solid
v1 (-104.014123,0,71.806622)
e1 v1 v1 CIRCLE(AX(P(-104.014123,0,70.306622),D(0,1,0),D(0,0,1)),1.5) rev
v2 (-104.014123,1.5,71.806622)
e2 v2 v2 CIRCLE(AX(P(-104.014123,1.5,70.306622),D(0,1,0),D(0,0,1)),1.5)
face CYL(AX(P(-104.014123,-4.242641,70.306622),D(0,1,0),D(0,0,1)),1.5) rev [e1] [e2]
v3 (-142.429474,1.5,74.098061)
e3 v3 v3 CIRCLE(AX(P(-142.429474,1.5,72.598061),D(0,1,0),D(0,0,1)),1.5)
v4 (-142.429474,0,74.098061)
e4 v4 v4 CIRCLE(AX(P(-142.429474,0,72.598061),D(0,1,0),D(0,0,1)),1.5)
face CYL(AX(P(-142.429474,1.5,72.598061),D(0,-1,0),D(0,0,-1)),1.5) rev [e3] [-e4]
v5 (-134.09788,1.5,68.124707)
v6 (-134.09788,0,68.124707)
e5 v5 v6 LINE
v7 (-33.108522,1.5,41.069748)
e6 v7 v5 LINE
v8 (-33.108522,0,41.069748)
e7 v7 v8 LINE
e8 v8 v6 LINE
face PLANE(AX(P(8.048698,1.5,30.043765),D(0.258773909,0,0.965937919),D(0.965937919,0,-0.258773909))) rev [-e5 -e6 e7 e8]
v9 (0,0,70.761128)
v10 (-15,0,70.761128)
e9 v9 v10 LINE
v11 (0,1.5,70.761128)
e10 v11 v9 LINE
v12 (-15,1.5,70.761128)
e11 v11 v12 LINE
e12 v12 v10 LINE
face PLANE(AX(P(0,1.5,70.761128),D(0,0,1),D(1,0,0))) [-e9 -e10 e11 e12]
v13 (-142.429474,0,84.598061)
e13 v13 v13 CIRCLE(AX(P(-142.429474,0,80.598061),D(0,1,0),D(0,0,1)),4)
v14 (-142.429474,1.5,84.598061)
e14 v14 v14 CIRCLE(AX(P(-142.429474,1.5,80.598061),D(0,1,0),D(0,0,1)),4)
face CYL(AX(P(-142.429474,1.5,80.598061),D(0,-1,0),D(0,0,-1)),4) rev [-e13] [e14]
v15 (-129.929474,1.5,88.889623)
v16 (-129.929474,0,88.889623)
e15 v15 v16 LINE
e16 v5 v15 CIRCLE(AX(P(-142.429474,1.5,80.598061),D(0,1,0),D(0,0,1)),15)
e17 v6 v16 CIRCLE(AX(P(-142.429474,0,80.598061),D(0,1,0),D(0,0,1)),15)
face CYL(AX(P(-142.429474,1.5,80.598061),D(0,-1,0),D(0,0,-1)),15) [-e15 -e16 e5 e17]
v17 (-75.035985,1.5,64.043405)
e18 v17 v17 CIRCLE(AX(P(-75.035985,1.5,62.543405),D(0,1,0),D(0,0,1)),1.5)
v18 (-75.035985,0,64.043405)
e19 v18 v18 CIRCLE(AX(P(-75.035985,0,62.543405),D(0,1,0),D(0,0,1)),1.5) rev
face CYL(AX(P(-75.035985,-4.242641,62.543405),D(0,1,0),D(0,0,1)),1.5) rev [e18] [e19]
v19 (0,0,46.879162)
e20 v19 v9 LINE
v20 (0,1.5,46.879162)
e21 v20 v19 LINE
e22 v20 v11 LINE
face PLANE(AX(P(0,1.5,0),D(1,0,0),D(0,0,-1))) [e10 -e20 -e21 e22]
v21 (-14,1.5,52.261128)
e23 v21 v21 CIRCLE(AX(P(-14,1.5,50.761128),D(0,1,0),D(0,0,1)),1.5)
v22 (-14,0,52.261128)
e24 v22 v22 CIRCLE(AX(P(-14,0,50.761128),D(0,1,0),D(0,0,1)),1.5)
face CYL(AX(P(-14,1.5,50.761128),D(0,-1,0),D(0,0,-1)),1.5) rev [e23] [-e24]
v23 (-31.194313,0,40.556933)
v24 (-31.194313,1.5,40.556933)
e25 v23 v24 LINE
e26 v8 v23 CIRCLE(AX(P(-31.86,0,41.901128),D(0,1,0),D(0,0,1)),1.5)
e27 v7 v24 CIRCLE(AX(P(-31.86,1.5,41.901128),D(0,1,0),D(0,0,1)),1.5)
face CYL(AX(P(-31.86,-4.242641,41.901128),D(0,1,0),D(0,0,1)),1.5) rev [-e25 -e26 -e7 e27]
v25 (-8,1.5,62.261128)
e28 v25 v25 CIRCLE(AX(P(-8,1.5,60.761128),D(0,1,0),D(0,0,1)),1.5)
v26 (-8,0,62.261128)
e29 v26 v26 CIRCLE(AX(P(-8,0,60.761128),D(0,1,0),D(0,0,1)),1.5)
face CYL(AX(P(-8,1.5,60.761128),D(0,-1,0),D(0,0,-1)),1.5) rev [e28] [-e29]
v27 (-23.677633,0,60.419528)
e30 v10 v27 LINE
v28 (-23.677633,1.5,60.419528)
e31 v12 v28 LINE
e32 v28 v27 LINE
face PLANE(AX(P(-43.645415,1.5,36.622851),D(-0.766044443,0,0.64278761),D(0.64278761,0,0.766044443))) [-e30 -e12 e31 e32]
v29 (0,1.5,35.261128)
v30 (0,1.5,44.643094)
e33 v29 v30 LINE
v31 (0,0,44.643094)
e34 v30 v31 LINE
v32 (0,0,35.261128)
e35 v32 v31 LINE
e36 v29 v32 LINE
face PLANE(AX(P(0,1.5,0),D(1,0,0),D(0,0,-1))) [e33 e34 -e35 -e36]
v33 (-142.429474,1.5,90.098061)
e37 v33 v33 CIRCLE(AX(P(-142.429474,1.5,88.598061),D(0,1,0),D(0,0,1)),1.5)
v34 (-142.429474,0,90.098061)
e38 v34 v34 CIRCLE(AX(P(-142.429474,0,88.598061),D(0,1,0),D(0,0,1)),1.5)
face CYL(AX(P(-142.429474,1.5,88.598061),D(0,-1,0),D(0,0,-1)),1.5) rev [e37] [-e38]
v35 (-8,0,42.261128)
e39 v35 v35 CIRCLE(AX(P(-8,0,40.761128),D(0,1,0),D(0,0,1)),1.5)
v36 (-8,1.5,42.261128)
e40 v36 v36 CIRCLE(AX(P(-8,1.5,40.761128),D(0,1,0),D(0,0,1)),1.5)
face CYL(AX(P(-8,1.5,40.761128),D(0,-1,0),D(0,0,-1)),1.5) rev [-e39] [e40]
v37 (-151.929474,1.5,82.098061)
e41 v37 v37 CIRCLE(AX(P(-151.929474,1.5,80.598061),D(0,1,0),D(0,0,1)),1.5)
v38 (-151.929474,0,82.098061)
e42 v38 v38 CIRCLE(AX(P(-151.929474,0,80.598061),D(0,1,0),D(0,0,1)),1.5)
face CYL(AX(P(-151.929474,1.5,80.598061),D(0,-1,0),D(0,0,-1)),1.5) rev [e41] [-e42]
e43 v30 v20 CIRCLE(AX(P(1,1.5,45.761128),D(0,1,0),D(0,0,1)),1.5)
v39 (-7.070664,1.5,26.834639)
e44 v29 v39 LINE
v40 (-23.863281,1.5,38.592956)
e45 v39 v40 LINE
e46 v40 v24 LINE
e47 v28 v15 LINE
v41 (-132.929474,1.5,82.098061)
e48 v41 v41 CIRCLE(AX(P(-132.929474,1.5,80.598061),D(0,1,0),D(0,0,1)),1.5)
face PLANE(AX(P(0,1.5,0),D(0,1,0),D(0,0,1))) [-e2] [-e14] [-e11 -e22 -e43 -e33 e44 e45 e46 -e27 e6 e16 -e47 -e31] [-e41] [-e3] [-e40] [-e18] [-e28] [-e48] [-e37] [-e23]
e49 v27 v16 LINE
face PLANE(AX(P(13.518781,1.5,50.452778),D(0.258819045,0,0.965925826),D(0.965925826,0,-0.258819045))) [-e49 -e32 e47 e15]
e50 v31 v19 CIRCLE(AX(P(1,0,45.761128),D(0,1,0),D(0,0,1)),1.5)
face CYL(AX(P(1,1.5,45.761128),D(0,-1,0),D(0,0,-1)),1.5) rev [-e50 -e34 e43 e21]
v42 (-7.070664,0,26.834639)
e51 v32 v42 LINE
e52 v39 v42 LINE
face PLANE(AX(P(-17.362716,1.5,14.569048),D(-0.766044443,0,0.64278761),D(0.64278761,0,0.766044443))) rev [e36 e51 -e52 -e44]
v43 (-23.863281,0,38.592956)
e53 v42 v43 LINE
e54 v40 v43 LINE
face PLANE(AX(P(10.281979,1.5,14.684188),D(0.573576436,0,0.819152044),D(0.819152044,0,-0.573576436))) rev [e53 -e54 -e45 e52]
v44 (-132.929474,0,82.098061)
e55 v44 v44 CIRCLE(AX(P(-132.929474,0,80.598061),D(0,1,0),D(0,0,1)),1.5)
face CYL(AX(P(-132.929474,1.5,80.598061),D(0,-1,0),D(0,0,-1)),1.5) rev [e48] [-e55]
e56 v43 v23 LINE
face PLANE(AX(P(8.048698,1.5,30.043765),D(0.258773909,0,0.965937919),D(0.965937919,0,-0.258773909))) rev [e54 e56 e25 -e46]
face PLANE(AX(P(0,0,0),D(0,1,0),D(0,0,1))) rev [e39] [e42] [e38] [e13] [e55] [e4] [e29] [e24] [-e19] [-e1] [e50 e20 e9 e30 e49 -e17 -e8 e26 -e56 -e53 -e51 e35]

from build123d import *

# Parameters (mm, degrees)
SKETCH2_R           = 4
SKETCH2_R_2         = 1.5
BOSS_EXTRUDE1_DEPTH = 1.5
SKETCH6_R           = 1.5
CUT_EXTRUDE1_DEPTH  = 1.5
SKETCH7_R           = 1.5
CUT_EXTRUDE2_DEPTH  = 1.5


with BuildPart() as part:
    # Sketch2 → Boss-Extrude1 (new body)
    with BuildSketch(Plane(origin=(0, 0, 0), x_dir=(1, 0, 0), z_dir=(0, 1, 0))):
        with BuildLine():
            Line((0, -35.261127532), (0, -44.643093543))
            ThreePointArc((0, -44.643093543), (-0.5, -45.761127532), (0, -46.879161521))
            Line((0, -46.879161521), (0, -70.761127532))
            Line((0, -70.761127532), (-15, -70.761127532))
            Line((-15, -70.761127532), (-23.677632731, -60.41952755))
            Line((-23.677632731, -60.41952755), (-129.929473623, -88.889622511))
            ThreePointArc((-129.929473623, -88.889622511), (-157.136079306, -83.55030532), (-134.097880355, -68.124706791))
            Line((-134.097880355, -68.124706791), (-23.863280614, -38.592955603))
            Line((-23.863280614, -38.592955603), (-7.070663707, -26.834638658))
            Line((-7.070663707, -26.834638658), (0, -35.261127532))
        make_face()
        with Locations(Location((-142.429473623, -80.598060535, 0), (0, 0, 270))):
            Circle(SKETCH2_R, mode=Mode.SUBTRACT)
        with Locations(Location((-8, -60.761127532, 0), (0, 0, 270))):
            Circle(SKETCH2_R_2, mode=Mode.SUBTRACT)
        with Locations(Location((-14, -50.761127532, 0), (0, 0, 270))):
            Circle(SKETCH2_R_2, mode=Mode.SUBTRACT)
        with Locations(Location((-8, -40.761127532, 0), (0, 0, 270))):
            Circle(SKETCH2_R_2, mode=Mode.SUBTRACT)
        with Locations(Location((-142.429473623, -72.598060535, 0), (0, 0, 270))):
            Circle(SKETCH2_R_2, mode=Mode.SUBTRACT)
        with Locations(Location((-132.929473623, -80.598060535, 0), (0, 0, 270))):
            Circle(SKETCH2_R_2, mode=Mode.SUBTRACT)
        with Locations(Location((-151.929473623, -80.598060535, 0), (0, 0, 270))):
            Circle(SKETCH2_R_2, mode=Mode.SUBTRACT)
        with Locations(Location((-142.429473623, -88.598060535, 0), (0, 0, 270))):
            Circle(SKETCH2_R_2, mode=Mode.SUBTRACT)
    extrude(amount=BOSS_EXTRUDE1_DEPTH)

    # Sketch6 → Cut-Extrude1 (cut)
    with BuildSketch(Plane(origin=(0, 1.5, 0), x_dir=(1, 0, 0), z_dir=(0, 1, 0))):
        with Locations((-31.86, -41.901127532)):
            Circle(SKETCH6_R)
    extrude(amount=-CUT_EXTRUDE1_DEPTH, mode=Mode.SUBTRACT)

    # Sketch7 → Cut-Extrude2 (cut)
    with BuildSketch(Plane(origin=(0, 1.5, 0), x_dir=(1, 0, 0), z_dir=(0, 1, 0))):
        with Locations(Location((-104.014122572, -70.306622169, 0), (0, 0, 270))):
            Circle(SKETCH7_R)
        with Locations(Location((-75.035984993, -62.543404895, 0), (0, 0, 270))):
            Circle(SKETCH7_R)
    extrude(amount=-CUT_EXTRUDE2_DEPTH, mode=Mode.SUBTRACT)


solid = part.part
